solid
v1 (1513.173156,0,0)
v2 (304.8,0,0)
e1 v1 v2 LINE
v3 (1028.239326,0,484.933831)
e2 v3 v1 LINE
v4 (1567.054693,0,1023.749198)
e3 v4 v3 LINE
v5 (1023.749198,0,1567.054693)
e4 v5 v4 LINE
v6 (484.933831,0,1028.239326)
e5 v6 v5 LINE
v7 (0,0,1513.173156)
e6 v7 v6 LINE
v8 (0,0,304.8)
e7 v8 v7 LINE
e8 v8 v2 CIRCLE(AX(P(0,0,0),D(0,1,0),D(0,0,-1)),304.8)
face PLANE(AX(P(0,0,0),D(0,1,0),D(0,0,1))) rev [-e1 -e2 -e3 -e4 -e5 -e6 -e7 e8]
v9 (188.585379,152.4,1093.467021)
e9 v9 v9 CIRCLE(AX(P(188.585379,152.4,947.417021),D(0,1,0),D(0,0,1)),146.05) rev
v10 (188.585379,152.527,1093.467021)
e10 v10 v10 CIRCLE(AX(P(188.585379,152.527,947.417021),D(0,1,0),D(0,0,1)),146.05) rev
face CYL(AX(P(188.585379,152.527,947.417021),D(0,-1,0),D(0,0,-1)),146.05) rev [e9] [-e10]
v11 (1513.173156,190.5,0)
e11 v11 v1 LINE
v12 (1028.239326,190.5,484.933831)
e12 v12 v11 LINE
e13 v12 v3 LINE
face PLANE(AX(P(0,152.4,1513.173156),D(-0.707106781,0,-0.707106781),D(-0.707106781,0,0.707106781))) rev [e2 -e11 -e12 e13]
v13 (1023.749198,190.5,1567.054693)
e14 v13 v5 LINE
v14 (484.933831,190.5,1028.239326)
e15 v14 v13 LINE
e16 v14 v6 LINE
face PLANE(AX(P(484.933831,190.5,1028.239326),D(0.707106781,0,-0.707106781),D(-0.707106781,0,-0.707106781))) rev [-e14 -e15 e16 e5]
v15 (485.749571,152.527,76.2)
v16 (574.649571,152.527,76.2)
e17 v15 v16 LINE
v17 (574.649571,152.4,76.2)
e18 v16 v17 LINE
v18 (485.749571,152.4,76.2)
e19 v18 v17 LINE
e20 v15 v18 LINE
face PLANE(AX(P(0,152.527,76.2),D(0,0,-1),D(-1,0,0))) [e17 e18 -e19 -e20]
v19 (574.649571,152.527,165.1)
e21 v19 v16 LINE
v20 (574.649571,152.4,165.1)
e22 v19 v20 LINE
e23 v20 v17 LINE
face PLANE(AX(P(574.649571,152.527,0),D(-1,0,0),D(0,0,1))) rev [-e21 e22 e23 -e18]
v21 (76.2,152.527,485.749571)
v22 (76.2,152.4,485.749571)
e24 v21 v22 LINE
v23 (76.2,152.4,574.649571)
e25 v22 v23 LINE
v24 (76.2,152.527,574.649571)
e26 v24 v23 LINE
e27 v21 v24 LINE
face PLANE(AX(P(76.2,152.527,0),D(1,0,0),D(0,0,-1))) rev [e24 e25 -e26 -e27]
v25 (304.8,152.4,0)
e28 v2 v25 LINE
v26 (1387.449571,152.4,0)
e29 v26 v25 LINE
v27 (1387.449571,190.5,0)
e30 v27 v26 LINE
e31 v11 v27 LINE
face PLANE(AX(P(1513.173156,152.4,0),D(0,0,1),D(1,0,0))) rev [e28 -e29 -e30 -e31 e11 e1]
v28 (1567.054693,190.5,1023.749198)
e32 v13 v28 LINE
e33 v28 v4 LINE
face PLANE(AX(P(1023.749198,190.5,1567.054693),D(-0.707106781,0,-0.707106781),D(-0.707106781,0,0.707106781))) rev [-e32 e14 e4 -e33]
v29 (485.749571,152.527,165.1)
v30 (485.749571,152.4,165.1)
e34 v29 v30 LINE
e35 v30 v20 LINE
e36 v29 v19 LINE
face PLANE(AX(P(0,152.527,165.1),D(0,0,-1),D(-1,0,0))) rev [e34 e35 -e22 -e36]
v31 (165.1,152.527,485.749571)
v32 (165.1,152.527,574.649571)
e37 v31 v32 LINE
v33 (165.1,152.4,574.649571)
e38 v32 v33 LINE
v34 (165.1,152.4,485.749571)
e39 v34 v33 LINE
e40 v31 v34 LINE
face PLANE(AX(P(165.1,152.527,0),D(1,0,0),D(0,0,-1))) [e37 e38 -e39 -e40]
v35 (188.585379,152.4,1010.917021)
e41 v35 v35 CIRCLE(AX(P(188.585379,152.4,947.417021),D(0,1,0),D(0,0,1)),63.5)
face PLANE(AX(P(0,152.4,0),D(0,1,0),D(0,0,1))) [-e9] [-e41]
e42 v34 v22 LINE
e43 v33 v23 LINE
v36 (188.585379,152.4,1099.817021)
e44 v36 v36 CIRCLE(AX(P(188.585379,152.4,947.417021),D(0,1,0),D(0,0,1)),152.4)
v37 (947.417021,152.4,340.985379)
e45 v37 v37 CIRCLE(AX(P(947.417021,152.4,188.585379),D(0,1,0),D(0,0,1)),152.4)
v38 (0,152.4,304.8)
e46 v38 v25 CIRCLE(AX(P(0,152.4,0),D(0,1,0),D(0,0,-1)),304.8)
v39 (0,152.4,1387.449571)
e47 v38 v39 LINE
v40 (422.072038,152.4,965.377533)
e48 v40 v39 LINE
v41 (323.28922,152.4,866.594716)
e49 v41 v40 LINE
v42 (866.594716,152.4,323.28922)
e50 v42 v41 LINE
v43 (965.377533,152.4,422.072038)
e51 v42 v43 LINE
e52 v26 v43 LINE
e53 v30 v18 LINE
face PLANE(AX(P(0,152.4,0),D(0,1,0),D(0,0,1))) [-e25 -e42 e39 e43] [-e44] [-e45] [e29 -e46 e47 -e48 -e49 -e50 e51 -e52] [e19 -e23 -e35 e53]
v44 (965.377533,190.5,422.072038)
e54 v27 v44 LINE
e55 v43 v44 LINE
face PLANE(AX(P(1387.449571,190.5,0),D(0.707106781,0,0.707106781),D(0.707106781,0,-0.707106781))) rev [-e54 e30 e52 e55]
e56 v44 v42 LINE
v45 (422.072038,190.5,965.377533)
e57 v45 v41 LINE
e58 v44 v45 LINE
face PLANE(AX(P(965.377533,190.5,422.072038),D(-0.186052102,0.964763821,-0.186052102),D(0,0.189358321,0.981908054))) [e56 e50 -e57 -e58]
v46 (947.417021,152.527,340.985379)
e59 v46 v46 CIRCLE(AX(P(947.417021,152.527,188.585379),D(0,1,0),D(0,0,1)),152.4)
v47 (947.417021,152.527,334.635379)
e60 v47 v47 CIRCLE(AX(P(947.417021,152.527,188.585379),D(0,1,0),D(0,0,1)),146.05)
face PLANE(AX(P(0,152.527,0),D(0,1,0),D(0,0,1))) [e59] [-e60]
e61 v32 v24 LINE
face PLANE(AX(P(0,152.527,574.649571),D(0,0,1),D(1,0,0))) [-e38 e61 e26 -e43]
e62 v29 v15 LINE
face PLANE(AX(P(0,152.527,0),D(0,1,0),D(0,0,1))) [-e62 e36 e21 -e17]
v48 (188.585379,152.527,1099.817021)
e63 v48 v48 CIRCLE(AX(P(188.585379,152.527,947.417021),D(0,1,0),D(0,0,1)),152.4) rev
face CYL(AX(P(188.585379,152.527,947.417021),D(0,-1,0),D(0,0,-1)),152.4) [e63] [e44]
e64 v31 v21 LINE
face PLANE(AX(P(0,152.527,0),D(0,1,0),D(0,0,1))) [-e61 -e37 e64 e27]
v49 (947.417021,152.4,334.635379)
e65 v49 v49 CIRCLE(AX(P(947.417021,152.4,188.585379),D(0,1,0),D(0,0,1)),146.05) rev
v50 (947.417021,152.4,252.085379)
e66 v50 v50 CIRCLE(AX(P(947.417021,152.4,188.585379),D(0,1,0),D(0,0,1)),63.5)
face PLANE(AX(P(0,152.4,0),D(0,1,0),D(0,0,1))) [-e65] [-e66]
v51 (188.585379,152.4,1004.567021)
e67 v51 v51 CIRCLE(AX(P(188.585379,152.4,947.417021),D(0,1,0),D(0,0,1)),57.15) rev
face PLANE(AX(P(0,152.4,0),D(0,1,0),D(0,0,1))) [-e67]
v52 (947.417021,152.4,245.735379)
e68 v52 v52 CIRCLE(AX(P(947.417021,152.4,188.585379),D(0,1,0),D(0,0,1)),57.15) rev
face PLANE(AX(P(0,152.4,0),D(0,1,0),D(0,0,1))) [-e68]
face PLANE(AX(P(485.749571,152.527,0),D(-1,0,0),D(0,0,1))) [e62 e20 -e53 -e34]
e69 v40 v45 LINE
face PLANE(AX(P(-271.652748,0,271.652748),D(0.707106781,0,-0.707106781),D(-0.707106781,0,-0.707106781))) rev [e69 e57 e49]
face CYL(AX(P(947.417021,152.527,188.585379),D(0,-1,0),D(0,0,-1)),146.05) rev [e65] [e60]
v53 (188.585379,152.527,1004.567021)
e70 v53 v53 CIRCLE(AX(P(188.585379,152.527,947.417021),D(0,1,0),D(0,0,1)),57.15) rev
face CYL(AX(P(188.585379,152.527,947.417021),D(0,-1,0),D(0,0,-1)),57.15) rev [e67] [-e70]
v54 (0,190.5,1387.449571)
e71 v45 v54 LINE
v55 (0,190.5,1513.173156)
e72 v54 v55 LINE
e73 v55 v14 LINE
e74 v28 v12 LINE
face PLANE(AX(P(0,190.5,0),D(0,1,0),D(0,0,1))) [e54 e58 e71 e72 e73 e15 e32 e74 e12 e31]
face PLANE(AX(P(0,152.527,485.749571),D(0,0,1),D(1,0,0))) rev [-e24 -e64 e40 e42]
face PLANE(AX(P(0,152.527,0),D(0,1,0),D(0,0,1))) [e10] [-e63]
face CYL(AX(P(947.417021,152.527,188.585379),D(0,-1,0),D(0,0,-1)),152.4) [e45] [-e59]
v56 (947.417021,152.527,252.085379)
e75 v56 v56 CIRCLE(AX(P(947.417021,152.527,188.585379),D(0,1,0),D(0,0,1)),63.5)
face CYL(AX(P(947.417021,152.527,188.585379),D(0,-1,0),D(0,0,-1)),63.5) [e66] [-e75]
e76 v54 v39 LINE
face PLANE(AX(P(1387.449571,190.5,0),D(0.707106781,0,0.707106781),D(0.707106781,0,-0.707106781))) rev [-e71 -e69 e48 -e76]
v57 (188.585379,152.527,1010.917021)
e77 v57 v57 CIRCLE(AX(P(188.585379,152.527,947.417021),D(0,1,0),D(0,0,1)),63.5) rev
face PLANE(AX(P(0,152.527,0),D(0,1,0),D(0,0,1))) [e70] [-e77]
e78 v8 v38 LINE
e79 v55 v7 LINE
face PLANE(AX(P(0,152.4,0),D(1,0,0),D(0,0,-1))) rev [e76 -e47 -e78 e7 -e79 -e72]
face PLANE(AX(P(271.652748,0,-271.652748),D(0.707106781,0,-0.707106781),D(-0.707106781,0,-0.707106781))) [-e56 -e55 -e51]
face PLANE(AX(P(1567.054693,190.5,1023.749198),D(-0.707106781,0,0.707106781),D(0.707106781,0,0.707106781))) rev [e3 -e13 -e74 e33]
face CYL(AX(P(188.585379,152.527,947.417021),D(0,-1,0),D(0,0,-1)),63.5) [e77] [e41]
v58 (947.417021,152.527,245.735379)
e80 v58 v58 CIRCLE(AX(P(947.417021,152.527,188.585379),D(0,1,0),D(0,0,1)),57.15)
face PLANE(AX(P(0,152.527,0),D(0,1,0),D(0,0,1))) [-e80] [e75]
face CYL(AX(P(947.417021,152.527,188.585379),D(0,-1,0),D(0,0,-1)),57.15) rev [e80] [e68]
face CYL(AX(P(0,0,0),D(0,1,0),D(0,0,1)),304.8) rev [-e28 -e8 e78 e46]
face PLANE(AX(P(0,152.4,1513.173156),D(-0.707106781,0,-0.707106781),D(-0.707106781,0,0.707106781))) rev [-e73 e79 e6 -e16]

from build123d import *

# Parameters (mm, degrees)
BOSS_EXTRUDE1_DEPTH = 152.4
CUT_EXTRUDE1_DEPTH  = 152.4
BOSS_EXTRUDE2_DEPTH = 38.1
BOSS_EXTRUDE3_DEPTH = 190.5
BOSS_EXTRUDE4_DEPTH = 768.35
SKETCH9_R           = 152.4
SKETCH9_R_2         = 146.05
SKETCH9_R_3         = 63.5
SKETCH9_R_4         = 57.15
SKETCH9_W           = 88.9
SKETCH9_H           = 88.9
BOSS_EXTRUDE5_DEPTH = 0.127


with BuildPart() as part:
    # Sketch2 → Boss-Extrude1 (new body)
    with BuildSketch(Plane(origin=(0, 0, 0), x_dir=(1, 0, 0), z_dir=(0, 1, 0))):
        Polygon((0, 0), (0, -1513.1731564), (1513.1731564, 0), align=None)
    extrude(amount=BOSS_EXTRUDE1_DEPTH)

    # Sketch3 → Cut-Extrude1 (cut)
    with BuildSketch(Plane(origin=(0, 152.4, 0), x_dir=(1, 0, 0), z_dir=(0, 1, 0))):
        with BuildLine():
            Line((0, 0), (304.8, 0))
            ThreePointArc((304.8, 0), (215.526146906, -215.526146906), (0, -304.8))
            Line((0, -304.8), (0, 0))
        make_face()
    extrude(amount=-CUT_EXTRUDE1_DEPTH, mode=Mode.SUBTRACT)

    # Sketch4 → Boss-Extrude2 (add)
    with BuildSketch(Plane(origin=(0, 152.4, 0), x_dir=(1, 0, 0), z_dir=(0, 1, 0))):
        Polygon((0, -1513.1731564), (1513.1731564, 0), (1387.449570705, 0), (0, -1387.449570705), align=None)
    extrude(amount=BOSS_EXTRUDE2_DEPTH)

    # Sketch5 → Boss-Extrude3 (add)
    with BuildSketch(Plane(origin=(0, 0, 0), x_dir=(1, 0, 0), z_dir=(0, 1, 0))):
        Polygon((1028.239325862, -484.933830538), (484.933830538, -1028.239325862), (1023.749197802, -1567.054693127), (1567.054693127, -1023.749197802), align=None)
    extrude(amount=BOSS_EXTRUDE3_DEPTH)

    # Sketch6 → Boss-Extrude4 (add)
    with BuildSketch(Plane(origin=(-271.652747662, 0, 271.652747662), x_dir=(0.7071067811865476, 0, 0.7071067811865476), z_dir=(-0.7071067811865476, 0, 0.7071067811865476))):
        Polygon((981.075, 190.5), (841.375, 152.4), (981.075, 152.4), align=None)
    extrude(amount=-BOSS_EXTRUDE4_DEPTH)

    # Sketch9 → Boss-Extrude5 (add)
    # profile 1 of 6: a face of its own
    with BuildSketch(Plane(origin=(0, 152.4, 0), x_dir=(1, 0, 0), z_dir=(0, 1, 0))):
        with Locations(Location((947.417020773, -188.585378542, 0), (0, 0, 270))):
            Circle(SKETCH9_R)
        with Locations(Location((947.417020773, -188.585378542, 0), (0, 0, 270))):
            Circle(SKETCH9_R_2, mode=Mode.SUBTRACT)
    # profile 2 of 6: a face of its own
    with BuildSketch(Plane(origin=(0, 152.4, 0), x_dir=(1, 0, 0), z_dir=(0, 1, 0))):
        with Locations(Location((947.417020773, -188.585378542, 0), (0, 0, 270))):
            Circle(SKETCH9_R_3)
        with Locations(Location((947.417020773, -188.585378542, 0), (0, 0, 270))):
            Circle(SKETCH9_R_4, mode=Mode.SUBTRACT)
    # profile 3 of 6: a face of its own
    with BuildSketch(Plane(origin=(0, 152.4, 0), x_dir=(1, 0, 0), z_dir=(0, 1, 0))):
        with Locations(Location((188.585378542, -947.417020773, 0), (0, 0, 270))):
            Circle(SKETCH9_R)
        with Locations(Location((188.585378542, -947.417020773, 0), (0, 0, 270))):
            Circle(SKETCH9_R_2, mode=Mode.SUBTRACT)
    # profile 4 of 6: a face of its own
    with BuildSketch(Plane(origin=(0, 152.4, 0), x_dir=(1, 0, 0), z_dir=(0, 1, 0))):
        with Locations(Location((188.585378542, -947.417020773, 0), (0, 0, 270))):
            Circle(SKETCH9_R_3)
        with Locations(Location((188.585378542, -947.417020773, 0), (0, 0, 270))):
            Circle(SKETCH9_R_4, mode=Mode.SUBTRACT)
    # profile 5 of 6: a face of its own
    with BuildSketch(Plane(origin=(0, 152.4, 0), x_dir=(1, 0, 0), z_dir=(0, 1, 0))):
        with Locations((530.199570705, -120.65)):
            Rectangle(SKETCH9_W, SKETCH9_H)
    # profile 6 of 6: a face of its own
    with BuildSketch(Plane(origin=(0, 152.4, 0), x_dir=(1, 0, 0), z_dir=(0, 1, 0))):
        with Locations((120.65, -530.199570705)):
            Rectangle(SKETCH9_W, SKETCH9_H)
    extrude(amount=BOSS_EXTRUDE5_DEPTH)


solid = part.part
